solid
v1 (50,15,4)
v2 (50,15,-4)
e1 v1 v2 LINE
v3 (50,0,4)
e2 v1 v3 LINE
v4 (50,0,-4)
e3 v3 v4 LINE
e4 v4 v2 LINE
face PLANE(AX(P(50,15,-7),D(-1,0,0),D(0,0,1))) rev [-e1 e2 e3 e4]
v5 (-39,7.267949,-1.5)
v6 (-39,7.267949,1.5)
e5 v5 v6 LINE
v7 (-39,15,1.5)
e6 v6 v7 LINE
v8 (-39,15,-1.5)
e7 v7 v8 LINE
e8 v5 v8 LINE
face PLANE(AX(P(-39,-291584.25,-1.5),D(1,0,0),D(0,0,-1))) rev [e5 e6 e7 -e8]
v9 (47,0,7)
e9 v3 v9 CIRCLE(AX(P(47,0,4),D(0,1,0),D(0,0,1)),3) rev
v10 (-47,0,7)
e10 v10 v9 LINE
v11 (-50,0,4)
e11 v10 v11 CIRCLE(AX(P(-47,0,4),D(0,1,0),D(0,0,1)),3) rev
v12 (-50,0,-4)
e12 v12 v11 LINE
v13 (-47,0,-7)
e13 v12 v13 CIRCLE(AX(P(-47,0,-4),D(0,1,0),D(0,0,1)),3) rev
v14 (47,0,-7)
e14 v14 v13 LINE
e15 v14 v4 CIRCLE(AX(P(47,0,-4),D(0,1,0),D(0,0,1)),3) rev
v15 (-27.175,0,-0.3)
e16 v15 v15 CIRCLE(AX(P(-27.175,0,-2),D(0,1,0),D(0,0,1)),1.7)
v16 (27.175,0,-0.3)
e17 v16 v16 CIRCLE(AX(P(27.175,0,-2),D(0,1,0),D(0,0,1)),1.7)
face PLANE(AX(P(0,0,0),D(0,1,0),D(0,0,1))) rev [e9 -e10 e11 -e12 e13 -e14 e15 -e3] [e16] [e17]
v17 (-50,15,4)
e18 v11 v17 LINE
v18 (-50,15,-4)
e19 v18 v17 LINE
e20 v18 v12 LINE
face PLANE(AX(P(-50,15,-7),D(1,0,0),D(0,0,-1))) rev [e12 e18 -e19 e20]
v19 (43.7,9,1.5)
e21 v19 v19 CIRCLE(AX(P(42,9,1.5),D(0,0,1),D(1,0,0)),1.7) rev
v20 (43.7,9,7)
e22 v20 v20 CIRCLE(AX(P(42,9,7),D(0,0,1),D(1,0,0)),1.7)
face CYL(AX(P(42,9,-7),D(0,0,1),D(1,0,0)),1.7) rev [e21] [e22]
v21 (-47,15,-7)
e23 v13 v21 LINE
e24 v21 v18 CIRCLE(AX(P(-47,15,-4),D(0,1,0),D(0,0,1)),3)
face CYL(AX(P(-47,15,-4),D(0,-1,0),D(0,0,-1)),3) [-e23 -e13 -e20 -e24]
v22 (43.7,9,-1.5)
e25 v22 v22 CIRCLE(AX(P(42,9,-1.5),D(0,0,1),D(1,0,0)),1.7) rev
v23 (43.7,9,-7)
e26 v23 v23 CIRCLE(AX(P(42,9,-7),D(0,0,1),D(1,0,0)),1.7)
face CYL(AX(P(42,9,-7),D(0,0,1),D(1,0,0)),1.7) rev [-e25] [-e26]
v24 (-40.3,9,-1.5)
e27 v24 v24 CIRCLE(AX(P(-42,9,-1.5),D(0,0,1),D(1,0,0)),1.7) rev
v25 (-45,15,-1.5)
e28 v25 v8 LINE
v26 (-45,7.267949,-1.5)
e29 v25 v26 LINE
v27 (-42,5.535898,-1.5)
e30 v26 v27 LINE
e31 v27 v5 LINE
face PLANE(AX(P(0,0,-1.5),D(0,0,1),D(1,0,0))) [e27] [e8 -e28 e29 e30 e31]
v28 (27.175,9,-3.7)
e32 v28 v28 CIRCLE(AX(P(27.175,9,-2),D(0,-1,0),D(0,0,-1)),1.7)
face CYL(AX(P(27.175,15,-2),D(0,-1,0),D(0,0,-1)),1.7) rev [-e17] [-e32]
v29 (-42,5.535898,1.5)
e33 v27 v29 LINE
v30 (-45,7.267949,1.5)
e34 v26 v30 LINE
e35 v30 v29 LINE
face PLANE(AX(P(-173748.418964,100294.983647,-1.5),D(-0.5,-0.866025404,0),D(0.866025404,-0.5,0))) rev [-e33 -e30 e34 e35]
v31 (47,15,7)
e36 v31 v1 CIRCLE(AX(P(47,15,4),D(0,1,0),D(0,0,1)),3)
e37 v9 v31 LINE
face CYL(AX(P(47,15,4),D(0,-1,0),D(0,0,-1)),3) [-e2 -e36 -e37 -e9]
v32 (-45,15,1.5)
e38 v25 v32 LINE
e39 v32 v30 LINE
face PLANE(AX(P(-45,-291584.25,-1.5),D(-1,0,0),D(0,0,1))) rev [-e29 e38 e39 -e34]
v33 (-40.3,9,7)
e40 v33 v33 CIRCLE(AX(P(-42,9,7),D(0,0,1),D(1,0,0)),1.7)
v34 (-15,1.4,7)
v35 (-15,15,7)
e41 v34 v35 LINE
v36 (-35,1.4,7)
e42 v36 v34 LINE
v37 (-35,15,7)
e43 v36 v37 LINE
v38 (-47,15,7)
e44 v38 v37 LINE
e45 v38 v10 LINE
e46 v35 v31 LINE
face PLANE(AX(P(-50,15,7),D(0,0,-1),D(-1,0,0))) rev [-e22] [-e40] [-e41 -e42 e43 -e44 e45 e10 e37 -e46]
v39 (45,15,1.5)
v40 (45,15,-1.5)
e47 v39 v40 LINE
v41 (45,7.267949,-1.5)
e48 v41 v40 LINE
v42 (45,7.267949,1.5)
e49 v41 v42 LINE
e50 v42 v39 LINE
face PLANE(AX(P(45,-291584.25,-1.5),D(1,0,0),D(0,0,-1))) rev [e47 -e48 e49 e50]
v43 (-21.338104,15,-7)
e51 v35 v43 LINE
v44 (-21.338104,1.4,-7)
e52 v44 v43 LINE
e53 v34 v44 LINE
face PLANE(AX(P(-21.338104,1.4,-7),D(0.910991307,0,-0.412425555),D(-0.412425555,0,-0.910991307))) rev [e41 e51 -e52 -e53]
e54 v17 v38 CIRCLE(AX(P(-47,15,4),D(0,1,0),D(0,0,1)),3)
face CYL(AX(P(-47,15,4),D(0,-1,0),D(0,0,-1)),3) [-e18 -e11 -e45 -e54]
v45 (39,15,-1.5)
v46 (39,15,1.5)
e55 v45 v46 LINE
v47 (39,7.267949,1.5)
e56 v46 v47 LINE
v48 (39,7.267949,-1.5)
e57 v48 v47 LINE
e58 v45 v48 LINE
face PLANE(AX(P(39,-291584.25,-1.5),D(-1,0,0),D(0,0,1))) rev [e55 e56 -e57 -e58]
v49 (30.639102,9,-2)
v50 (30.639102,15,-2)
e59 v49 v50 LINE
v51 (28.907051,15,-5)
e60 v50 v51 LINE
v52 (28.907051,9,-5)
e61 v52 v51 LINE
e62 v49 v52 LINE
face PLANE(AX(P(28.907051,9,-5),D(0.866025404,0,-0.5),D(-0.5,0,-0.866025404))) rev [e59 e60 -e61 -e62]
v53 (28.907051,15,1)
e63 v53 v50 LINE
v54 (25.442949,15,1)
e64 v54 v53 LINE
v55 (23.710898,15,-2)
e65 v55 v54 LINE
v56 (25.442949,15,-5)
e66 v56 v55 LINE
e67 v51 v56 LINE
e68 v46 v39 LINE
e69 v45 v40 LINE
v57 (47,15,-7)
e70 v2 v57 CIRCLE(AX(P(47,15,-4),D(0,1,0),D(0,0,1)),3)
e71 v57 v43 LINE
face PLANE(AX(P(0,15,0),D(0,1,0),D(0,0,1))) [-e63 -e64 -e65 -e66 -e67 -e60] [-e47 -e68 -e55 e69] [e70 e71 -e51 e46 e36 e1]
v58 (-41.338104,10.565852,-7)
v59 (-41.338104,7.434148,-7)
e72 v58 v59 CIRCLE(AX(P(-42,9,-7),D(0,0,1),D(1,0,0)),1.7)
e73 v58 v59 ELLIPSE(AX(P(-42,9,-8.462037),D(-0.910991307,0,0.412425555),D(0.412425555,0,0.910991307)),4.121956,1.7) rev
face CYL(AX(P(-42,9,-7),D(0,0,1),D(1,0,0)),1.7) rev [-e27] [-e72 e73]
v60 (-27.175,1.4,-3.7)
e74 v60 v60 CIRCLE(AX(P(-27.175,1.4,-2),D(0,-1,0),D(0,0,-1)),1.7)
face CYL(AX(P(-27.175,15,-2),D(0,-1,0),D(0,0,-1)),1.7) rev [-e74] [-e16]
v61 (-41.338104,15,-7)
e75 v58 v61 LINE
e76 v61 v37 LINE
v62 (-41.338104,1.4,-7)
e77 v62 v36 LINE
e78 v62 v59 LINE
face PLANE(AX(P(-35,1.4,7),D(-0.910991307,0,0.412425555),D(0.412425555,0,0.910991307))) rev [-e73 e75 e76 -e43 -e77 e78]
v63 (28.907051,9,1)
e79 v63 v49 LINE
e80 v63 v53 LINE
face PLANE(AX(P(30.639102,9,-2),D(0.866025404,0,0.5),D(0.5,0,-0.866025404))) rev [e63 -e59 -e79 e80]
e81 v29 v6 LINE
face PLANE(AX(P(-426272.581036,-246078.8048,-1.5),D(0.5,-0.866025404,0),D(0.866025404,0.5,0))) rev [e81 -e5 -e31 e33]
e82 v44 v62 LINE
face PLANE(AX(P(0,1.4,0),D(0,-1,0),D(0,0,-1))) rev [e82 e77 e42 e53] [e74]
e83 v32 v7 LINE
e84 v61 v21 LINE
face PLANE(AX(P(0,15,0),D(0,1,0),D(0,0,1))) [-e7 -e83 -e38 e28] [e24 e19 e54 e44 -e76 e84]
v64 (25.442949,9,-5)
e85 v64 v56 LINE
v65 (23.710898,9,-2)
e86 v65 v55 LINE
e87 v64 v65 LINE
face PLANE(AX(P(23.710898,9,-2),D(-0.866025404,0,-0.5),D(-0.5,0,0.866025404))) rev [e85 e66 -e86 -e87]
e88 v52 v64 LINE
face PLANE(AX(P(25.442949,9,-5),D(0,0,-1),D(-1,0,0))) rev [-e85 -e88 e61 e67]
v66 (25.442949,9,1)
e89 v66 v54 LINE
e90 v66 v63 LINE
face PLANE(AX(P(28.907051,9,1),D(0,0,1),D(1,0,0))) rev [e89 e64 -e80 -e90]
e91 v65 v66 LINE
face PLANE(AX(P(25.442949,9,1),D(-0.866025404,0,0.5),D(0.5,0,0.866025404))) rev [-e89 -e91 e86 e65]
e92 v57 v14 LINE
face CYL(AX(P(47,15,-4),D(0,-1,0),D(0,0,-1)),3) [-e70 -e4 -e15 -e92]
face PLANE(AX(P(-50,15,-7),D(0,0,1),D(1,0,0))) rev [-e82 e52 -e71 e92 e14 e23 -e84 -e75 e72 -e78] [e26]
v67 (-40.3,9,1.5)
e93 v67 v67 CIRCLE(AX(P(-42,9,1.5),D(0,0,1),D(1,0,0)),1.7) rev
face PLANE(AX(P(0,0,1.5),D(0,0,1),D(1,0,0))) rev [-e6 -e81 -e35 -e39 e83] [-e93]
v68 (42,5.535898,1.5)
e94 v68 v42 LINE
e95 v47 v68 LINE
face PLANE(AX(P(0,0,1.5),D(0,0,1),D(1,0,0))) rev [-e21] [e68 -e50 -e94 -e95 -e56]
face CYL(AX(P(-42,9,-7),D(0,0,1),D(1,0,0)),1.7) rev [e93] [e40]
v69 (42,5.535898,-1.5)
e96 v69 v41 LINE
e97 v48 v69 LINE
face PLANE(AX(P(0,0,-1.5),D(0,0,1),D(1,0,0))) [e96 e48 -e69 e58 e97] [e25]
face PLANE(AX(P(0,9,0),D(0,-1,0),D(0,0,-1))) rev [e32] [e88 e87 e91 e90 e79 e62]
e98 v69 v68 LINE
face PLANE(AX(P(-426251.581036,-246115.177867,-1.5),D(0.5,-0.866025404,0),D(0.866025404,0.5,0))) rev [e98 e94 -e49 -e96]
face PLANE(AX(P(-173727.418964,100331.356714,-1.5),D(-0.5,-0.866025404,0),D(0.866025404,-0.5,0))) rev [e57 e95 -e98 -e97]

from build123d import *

# Parameters (mm, degrees)
SKETCH1_W           = 100
SKETCH1_H           = 14
SKETCH1_R           = 1.7
BOSS_EXTRUDE1_DEPTH = 15
SKETCH3_R           = 1.7
CUT_EXTRUDE2_DEPTH  = 55.046276467
CUT_EXTRUDE3_START  = -7
CUT_EXTRUDE3_DEPTH  = 1.5
CUT_EXTRUDE4_DEPTH  = 6
FILLET4_R           = 3
CUT_EXTRUDE5_DEPTH  = 13.6


with BuildPart() as part:
    # Sketch1 → Boss-Extrude1 (new body)
    with BuildSketch(Plane(origin=(0, 0, 0), x_dir=(1, 0, 0), z_dir=(0, 1, 0))):
        Rectangle(SKETCH1_W, SKETCH1_H)
        with Locations(Location((-27.175, 2, 0), (0, 0, 270))):
            Circle(SKETCH1_R, mode=Mode.SUBTRACT)
        with Locations(Location((27.175, 2, 0), (0, 0, 270))):
            Circle(SKETCH1_R, mode=Mode.SUBTRACT)
    extrude(amount=BOSS_EXTRUDE1_DEPTH)

    # Sketch3 → Cut-Extrude2 (cut, through all)
    with BuildSketch(Plane.XY.offset(7)):
        with Locations((-42, 9)):
            Circle(SKETCH3_R)
        with Locations((42, 9)):
            Circle(SKETCH3_R)
    extrude(amount=-CUT_EXTRUDE2_DEPTH, mode=Mode.SUBTRACT)

    # Sketch4 → Cut-Extrude3 (cut, symmetric)
    with BuildSketch(Plane.XY.offset(7).offset(CUT_EXTRUDE3_START)):
        Polygon((-45, 10.732050808), (-45, 16.451909609), (-39, 16.451909609), (-39, 10.732050808), (-39, 7.267949192), (-42, 5.535898385), (-45, 7.267949192), align=None)
        Polygon((39, 16.451909609), (39, 10.732050808), (39, 7.267949192), (42, 5.535898385), (45, 7.267949192), (45, 10.732050808), (45, 16.451909609), align=None)
    extrude(amount=CUT_EXTRUDE3_DEPTH, both=True, mode=Mode.SUBTRACT)

    # Sketch5 → Cut-Extrude4 (cut)
    with BuildSketch(Plane(origin=(0, 15, 0), x_dir=(1, 0, 0), z_dir=(0, 1, 0))):
        Polygon((25.442949192, -1), (23.710898385, 2), (25.442949192, 5), (28.907050808, 5), (30.639101615, 2), (28.907050808, -1), align=None)
    extrude(amount=-CUT_EXTRUDE4_DEPTH, mode=Mode.SUBTRACT)

    # Fillet4
    fillet4_edges = [part.edges().sort_by_distance(p)[0] for p in [
        (50, 7.5, 7),
        (-50, 7.5, 7),
        (-50, 7.5, -7),
        (50, 7.5, -7),
    ]]
    fillet(fillet4_edges, radius=FILLET4_R)

    # Sketch6 → Cut-Extrude5 (cut)
    with BuildSketch(Plane(origin=(0, 15, 0), x_dir=(1, 0, 0), z_dir=(0, 1, 0))):
        Polygon((-35, -7), (-41.338104143, 7), (-21.338104143, 7), (-15, -7), align=None)
    extrude(amount=-CUT_EXTRUDE5_DEPTH, mode=Mode.SUBTRACT)


solid = part.part
